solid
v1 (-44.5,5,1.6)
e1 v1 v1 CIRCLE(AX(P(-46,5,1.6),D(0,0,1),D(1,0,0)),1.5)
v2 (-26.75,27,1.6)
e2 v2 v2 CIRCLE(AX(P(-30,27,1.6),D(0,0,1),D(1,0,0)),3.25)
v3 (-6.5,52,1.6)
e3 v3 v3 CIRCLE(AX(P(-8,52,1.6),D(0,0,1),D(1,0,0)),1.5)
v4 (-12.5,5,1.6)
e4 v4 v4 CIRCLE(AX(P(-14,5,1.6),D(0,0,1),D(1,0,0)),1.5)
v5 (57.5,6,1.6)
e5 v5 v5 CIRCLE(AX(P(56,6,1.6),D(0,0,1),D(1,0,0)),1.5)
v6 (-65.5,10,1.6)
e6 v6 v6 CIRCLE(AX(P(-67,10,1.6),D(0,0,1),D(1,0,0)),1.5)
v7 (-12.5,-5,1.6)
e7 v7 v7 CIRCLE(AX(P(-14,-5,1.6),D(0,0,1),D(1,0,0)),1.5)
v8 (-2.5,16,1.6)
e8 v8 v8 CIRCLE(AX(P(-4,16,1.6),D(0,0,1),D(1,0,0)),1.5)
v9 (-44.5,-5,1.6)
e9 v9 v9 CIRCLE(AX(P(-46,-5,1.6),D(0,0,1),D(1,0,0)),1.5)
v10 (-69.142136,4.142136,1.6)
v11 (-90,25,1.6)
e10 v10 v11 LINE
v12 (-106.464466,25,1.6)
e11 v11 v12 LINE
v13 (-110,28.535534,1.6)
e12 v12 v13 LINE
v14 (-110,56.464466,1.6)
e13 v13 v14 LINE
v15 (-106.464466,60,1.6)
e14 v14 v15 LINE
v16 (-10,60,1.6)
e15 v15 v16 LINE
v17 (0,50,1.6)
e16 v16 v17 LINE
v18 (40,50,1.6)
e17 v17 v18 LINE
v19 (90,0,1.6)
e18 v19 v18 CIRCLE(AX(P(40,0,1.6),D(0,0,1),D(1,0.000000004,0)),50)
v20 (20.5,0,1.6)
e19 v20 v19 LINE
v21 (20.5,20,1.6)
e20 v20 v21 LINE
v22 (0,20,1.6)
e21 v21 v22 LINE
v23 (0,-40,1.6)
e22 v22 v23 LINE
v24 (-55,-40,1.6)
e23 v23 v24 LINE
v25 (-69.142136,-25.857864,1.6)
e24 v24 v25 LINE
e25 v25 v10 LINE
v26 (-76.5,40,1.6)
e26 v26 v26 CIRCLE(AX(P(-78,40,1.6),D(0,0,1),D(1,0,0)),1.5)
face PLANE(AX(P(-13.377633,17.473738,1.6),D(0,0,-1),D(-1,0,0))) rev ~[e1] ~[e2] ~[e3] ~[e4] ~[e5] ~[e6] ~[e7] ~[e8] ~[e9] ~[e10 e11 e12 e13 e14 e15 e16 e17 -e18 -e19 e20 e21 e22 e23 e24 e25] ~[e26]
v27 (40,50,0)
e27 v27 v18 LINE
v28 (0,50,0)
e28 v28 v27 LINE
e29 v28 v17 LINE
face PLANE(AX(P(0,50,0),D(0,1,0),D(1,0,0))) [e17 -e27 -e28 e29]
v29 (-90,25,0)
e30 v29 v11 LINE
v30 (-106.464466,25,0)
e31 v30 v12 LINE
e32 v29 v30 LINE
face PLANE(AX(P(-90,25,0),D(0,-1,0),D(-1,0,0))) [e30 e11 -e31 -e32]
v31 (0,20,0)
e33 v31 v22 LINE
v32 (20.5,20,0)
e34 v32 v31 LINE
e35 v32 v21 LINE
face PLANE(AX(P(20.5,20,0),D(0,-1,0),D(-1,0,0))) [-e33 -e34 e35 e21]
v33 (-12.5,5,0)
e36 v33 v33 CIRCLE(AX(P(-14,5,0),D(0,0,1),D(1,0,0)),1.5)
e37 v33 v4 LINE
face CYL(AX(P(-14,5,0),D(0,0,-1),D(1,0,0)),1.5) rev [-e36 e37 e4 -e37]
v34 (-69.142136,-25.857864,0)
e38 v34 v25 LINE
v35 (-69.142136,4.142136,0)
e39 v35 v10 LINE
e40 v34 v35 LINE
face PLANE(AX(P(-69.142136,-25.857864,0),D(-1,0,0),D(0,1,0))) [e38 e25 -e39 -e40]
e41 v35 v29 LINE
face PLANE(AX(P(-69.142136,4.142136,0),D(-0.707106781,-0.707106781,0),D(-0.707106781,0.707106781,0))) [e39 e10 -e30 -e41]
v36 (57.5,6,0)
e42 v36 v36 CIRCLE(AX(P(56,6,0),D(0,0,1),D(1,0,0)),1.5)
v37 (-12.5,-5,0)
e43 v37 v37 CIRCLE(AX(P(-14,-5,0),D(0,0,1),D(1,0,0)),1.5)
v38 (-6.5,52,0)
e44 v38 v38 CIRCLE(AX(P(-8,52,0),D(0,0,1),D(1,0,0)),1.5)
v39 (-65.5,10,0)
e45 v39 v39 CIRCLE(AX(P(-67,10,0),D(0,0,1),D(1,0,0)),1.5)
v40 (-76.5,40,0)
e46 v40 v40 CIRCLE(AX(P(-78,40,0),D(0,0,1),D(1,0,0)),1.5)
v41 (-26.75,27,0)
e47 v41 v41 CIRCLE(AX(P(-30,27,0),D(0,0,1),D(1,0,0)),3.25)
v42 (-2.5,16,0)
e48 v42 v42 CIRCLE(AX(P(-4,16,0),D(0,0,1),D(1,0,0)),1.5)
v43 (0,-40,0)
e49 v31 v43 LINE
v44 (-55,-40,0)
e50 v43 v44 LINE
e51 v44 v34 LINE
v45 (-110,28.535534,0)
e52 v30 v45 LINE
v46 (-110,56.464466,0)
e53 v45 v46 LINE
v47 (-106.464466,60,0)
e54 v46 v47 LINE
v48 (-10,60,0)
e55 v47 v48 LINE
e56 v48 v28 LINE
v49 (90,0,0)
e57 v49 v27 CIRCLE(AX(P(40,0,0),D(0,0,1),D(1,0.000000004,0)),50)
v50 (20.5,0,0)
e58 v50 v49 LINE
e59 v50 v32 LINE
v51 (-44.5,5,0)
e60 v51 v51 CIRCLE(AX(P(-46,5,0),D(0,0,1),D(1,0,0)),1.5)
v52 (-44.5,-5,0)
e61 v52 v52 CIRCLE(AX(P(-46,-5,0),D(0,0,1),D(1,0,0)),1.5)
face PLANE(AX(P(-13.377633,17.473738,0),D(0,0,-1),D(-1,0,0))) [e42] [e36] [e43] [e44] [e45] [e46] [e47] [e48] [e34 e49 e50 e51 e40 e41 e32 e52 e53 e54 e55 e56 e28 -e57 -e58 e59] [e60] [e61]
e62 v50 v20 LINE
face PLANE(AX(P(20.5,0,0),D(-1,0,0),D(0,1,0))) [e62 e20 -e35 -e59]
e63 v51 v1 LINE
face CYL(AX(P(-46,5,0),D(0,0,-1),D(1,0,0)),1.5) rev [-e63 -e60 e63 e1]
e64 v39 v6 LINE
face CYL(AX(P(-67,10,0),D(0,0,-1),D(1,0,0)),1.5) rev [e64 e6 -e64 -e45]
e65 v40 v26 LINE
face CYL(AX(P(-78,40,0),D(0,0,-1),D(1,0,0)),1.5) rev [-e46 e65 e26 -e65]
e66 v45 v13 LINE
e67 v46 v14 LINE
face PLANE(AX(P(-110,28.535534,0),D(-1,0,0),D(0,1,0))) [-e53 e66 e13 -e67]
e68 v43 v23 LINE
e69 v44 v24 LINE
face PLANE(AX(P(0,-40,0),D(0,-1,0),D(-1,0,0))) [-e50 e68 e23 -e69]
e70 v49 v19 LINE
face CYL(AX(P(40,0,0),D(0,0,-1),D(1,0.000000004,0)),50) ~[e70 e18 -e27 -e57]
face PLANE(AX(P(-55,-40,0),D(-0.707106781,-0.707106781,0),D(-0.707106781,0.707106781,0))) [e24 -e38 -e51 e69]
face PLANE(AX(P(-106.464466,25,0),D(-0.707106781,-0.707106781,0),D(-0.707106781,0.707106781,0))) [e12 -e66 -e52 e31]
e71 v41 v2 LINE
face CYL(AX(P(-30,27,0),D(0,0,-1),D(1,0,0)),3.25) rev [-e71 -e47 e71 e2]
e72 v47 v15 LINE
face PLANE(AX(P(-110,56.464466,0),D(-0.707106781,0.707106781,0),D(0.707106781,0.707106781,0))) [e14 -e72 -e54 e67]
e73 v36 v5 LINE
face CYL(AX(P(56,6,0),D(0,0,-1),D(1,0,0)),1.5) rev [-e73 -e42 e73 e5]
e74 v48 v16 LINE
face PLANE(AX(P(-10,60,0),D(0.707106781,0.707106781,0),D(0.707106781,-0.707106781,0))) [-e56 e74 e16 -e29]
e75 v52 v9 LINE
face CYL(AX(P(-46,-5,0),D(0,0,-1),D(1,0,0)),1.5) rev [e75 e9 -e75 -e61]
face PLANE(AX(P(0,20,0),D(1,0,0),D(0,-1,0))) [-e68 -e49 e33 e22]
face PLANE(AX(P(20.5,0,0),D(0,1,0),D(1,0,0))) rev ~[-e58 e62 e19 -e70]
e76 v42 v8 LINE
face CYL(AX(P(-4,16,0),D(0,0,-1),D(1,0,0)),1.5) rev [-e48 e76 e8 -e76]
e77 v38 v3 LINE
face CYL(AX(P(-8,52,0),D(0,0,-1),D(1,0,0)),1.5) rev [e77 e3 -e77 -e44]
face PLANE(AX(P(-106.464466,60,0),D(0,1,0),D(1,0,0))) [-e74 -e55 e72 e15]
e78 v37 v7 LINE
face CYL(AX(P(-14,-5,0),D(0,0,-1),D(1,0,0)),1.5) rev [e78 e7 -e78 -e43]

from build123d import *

# Parameters (mm, degrees)
SKETCH_R   = 1.5
SKETCH_R_2 = 3.25
PAD_DEPTH  = 1.6


with BuildPart() as part:
    # Sketch → Pad (new body)
    with BuildSketch(Plane.XY):
        with BuildLine():
            Line((20.5, 0), (20.5, 20))
            Line((20.5, 20), (0, 20))
            Line((0, 20), (0, -40))
            Line((0, -40), (-55, -40))
            Line((-55, -40), (-69.142136, -25.857864))
            Line((-69.142136, -25.857864), (-69.142136, 4.142136))
            Line((-69.142136, 4.142136), (-90, 25))
            Line((-90, 25), (-106.464466, 25))
            Line((-106.464466, 25), (-110, 28.535534))
            Line((-110, 28.535534), (-110, 56.464466))
            Line((-110, 56.464466), (-106.464466, 60))
            Line((-106.464466, 60), (-10, 60))
            Line((-10, 60), (0, 50))
            Line((0, 50), (40, 50))
            ThreePointArc((90, 0), (75.355339, 35.355339), (40, 50))
            Line((20.5, 0), (90, 0))
        make_face()
        with Locations((56, 6)):
            Circle(SKETCH_R, mode=Mode.SUBTRACT)
        with Locations((-8, 52)):
            Circle(SKETCH_R, mode=Mode.SUBTRACT)
        with Locations((-78, 40)):
            Circle(SKETCH_R, mode=Mode.SUBTRACT)
        with Locations((-4, 16)):
            Circle(SKETCH_R, mode=Mode.SUBTRACT)
        with Locations((-67, 10)):
            Circle(SKETCH_R, mode=Mode.SUBTRACT)
        with Locations((-30, 27)):
            Circle(SKETCH_R_2, mode=Mode.SUBTRACT)
        with Locations((-46, 5)):
            Circle(SKETCH_R, mode=Mode.SUBTRACT)
        with Locations((-14, 5)):
            Circle(SKETCH_R, mode=Mode.SUBTRACT)
        with Locations((-14, -5)):
            Circle(SKETCH_R, mode=Mode.SUBTRACT)
        with Locations((-46, -5)):
            Circle(SKETCH_R, mode=Mode.SUBTRACT)
    extrude(amount=PAD_DEPTH)


solid = part.part
